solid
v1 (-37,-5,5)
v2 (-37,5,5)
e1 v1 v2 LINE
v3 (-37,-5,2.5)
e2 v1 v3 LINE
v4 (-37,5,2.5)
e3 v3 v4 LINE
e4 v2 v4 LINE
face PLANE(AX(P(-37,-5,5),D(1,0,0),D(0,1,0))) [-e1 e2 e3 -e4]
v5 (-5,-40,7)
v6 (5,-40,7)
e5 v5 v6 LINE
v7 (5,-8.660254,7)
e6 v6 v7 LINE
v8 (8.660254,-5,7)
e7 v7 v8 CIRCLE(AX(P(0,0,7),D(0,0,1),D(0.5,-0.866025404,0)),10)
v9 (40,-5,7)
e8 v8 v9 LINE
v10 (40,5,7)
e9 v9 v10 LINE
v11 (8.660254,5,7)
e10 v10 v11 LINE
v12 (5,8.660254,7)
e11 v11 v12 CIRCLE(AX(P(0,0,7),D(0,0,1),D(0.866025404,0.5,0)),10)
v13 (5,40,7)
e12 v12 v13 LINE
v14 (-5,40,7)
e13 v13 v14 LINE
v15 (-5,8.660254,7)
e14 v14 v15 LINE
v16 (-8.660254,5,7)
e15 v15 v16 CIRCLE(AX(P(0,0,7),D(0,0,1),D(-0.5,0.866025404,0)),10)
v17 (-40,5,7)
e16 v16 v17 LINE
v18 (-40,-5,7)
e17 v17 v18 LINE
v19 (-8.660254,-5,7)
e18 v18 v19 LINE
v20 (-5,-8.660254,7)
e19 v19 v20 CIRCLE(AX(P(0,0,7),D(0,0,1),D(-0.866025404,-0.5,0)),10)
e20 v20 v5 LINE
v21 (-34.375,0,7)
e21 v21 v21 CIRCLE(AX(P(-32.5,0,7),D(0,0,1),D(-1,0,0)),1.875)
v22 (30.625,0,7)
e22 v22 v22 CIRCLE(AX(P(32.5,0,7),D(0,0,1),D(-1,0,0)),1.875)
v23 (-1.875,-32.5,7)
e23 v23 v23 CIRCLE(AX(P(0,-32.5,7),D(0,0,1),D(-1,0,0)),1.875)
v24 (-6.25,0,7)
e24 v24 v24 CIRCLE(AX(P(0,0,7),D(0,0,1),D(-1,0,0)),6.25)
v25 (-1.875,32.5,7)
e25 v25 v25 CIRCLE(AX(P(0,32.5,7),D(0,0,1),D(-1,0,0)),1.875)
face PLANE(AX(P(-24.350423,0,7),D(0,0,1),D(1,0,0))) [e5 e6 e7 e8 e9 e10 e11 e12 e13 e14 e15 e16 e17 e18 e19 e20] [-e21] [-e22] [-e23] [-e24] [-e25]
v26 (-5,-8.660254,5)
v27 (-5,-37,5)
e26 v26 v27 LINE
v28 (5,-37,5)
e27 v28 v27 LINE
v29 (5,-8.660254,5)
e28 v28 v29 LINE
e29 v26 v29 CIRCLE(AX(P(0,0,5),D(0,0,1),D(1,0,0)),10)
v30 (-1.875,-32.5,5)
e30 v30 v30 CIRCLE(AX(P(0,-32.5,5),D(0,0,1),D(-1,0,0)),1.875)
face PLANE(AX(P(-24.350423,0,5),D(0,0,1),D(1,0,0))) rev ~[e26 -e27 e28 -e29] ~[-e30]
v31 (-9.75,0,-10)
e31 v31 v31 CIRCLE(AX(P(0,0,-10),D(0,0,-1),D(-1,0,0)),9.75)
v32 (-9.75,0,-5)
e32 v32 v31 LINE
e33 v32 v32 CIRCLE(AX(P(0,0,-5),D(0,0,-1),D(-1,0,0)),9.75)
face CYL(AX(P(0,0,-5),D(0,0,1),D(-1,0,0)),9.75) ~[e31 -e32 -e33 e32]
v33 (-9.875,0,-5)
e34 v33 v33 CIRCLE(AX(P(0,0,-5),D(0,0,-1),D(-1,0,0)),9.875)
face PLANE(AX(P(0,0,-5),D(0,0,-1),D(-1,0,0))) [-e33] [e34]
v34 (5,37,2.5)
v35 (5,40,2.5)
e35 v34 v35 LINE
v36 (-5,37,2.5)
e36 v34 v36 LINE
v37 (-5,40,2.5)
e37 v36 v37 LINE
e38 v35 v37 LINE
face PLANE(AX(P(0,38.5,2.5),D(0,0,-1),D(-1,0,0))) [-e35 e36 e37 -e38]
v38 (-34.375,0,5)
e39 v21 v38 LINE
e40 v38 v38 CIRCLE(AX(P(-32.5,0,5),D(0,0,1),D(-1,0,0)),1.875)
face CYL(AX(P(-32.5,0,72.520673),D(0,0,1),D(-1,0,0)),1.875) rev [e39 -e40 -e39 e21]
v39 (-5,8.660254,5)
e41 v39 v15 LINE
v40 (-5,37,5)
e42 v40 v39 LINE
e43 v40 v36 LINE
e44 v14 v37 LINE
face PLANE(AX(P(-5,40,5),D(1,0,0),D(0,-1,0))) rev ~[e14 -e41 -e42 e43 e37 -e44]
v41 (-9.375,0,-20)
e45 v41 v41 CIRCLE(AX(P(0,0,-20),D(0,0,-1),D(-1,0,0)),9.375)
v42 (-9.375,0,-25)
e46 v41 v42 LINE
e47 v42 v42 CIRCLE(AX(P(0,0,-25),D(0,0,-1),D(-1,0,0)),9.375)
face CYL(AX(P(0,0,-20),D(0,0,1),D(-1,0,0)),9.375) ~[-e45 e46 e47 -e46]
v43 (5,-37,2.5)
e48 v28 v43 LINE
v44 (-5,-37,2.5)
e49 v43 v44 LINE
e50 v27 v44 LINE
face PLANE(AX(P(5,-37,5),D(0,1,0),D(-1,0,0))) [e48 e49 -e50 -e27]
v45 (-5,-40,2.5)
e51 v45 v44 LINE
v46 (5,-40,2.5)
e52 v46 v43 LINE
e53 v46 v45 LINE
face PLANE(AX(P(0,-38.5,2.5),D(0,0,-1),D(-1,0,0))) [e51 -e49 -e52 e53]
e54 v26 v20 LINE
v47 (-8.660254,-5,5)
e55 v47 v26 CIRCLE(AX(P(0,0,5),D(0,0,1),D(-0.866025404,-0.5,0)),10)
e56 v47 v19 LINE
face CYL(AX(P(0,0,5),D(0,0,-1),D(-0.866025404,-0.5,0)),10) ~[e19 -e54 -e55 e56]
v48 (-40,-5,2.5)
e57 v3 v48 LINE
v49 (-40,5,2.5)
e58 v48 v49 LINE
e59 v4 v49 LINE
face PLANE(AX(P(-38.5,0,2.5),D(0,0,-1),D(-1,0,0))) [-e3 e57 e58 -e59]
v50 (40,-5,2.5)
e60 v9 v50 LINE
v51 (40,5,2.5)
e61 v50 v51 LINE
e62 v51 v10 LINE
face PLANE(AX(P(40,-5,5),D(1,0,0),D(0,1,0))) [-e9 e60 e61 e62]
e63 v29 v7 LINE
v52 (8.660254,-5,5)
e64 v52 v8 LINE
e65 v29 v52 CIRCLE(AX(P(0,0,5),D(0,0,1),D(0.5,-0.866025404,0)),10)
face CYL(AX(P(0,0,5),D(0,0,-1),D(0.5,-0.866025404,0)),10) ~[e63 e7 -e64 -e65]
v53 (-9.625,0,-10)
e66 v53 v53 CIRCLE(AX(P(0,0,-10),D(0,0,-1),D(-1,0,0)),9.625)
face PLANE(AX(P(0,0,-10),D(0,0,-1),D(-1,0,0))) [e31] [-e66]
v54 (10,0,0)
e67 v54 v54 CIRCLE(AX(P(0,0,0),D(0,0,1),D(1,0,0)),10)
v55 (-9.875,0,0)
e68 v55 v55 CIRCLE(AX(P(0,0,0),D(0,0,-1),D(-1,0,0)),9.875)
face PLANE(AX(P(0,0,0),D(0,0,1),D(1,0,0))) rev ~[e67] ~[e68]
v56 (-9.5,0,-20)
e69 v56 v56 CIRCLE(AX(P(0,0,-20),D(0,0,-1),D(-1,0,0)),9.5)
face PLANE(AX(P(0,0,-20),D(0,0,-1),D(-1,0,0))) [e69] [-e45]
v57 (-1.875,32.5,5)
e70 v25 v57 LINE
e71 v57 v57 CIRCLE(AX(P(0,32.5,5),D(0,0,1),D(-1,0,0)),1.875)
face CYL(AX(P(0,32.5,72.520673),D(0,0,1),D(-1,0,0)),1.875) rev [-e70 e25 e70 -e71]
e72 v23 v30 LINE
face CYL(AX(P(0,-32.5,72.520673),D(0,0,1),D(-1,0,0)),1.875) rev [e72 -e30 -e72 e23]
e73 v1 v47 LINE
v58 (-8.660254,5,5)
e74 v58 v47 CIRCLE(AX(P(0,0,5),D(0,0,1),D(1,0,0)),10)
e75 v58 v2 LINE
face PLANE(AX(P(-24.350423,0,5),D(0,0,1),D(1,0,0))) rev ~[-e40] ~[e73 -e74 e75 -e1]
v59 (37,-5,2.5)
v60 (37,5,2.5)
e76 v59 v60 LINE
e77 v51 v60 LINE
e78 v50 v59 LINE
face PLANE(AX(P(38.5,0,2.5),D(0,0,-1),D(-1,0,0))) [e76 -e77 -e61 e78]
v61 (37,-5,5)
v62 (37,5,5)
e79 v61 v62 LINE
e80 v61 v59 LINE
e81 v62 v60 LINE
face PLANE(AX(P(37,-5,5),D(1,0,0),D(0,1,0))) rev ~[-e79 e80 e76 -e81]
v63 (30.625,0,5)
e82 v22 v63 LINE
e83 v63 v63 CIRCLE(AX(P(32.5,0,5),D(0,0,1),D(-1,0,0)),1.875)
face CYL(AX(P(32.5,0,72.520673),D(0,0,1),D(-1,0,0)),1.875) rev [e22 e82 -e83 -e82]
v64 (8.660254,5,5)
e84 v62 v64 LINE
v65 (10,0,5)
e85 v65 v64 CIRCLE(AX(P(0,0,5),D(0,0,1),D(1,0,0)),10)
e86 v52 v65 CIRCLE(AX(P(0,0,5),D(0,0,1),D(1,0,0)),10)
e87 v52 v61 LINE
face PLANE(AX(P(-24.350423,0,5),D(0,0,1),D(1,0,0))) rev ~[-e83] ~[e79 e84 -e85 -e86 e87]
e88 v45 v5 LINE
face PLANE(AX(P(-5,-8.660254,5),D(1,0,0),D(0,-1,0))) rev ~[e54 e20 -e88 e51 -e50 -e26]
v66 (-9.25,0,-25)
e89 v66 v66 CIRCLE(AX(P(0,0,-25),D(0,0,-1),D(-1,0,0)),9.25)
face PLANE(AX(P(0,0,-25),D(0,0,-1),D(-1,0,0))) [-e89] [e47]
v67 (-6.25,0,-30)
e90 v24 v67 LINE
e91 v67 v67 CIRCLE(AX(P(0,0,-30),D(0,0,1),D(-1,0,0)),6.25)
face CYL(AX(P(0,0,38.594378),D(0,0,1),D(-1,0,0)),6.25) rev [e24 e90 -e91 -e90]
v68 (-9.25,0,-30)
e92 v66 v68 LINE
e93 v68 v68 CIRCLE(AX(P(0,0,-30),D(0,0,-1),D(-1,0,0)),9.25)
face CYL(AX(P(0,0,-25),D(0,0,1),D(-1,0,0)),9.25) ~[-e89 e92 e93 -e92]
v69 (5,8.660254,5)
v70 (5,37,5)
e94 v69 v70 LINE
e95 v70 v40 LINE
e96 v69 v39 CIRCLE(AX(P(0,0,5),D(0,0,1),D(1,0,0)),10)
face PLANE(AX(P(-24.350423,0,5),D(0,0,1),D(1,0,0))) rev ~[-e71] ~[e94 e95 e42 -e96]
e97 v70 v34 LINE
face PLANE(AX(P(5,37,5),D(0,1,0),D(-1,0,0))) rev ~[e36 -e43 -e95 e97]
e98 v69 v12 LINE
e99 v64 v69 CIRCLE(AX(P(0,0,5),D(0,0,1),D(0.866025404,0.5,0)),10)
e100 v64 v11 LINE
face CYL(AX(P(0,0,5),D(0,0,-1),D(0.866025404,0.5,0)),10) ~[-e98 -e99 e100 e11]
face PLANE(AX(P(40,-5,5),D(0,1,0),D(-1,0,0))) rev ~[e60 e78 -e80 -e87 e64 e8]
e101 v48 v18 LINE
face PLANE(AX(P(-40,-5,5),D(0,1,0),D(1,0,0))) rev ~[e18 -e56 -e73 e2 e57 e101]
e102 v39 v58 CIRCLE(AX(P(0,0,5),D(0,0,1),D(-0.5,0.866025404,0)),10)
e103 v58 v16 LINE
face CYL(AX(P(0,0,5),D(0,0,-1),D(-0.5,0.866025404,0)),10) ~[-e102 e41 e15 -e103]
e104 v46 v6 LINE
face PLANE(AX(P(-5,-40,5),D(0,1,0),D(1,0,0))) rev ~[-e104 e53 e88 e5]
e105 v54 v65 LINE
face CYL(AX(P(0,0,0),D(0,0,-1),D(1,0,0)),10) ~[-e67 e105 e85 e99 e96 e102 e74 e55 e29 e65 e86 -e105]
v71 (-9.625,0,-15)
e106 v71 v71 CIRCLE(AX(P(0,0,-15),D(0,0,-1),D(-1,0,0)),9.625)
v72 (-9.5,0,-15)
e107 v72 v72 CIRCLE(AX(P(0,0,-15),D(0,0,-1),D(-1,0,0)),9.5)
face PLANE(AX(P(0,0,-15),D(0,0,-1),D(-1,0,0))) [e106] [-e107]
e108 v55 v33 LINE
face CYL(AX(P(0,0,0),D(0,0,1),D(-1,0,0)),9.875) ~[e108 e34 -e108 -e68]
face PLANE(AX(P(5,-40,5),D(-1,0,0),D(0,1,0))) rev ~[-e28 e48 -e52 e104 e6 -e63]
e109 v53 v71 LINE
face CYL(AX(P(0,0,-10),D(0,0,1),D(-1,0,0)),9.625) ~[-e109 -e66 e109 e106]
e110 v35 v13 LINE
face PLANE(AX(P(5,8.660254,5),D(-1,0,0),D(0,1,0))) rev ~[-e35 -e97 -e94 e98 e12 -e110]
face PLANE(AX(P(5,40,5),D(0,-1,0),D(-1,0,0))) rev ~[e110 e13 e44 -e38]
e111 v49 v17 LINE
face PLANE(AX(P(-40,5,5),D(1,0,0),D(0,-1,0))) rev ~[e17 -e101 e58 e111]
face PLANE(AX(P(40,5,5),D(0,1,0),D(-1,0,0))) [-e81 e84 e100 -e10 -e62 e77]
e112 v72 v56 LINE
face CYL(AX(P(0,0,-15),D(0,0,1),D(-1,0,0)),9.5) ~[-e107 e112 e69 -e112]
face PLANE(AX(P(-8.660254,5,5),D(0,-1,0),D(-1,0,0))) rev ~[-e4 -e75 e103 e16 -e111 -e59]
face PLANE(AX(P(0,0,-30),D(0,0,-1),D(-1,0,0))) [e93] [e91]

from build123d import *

# Parameters (mm, degrees)
SKETCH1_R               = 10
BOSS_EXTRUDE1_DEPTH     = 5
SKETCH2_W               = 5
SKETCH2_H               = 5
BOSS_EXTRUDE2_DEPTH     = 2
SKETCH3_R               = 9.875
BOSS_EXTRUDE3_DEPTH     = 5
SKETCH4_R               = 9.75
BOSS_EXTRUDE4_DEPTH     = 5
SKETCH5_R               = 9.625
BOSS_EXTRUDE5_DEPTH     = 5
SKETCH6_R               = 9.5
BOSS_EXTRUDE6_DEPTH     = 5
SKETCH7_R               = 9.375
BOSS_EXTRUDE7_DEPTH     = 5
SKETCH8_R               = 9.25
BOSS_EXTRUDE8_DEPTH     = 5
SKETCH9_W               = 3
SKETCH9_H               = 10
SKETCH9_W_2             = 10
SKETCH9_H_2             = 3
BOSS_EXTRUDE9_DEPTH     = 2.5
CUT_EXTRUDE1_DEPTH      = 67.520673478
CUT_EXTRUDE1_DEPTH_BACK = 67.520673478
SKETCH10_R              = 1.875
CUT_EXTRUDE2_DEPTH      = 68.594378464
CUT_EXTRUDE2_DEPTH_BACK = 68.594378464
SKETCH11_R              = 6.25


with BuildPart() as part:
    # Sketch1 → Boss-Extrude1 (new body)
    with BuildSketch(Plane.XY):
        Circle(SKETCH1_R)
    extrude(amount=BOSS_EXTRUDE1_DEPTH)

    # Sketch2 → Boss-Extrude2 (add)
    with BuildSketch(Plane.XY.offset(5)):
        with BuildLine():
            ThreePointArc((-8.660254038, -5), (-10, 0), (-8.660254038, 5))
            Line((-8.660254038, 5), (-40, 5))
            Line((-40, 5), (-40, -5))
            Line((-40, -5), (-8.660254038, -5))
        make_face()
        with BuildLine():
            Line((-5, 0), (-5, 5))
            Line((-5, 5), (-8.660254038, 5))
            ThreePointArc((-8.660254038, 5), (-10, 0), (-8.660254038, -5))
            Line((-8.660254038, -5), (-5, -5))
            Line((-5, -5), (-5, 0))
        make_face()
        with BuildLine():
            Line((-5, 40), (-5, 8.660254038))
            ThreePointArc((-5, 8.660254038), (0, 10), (5, 8.660254038))
            Line((5, 8.660254038), (5, 40))
            Line((5, 40), (-5, 40))
        make_face()
        with BuildLine():
            Line((-5, 5), (0, 5))
            Line((0, 5), (5, 5))
            Line((5, 5), (5, 8.660254038))
            ThreePointArc((5, 8.660254038), (0, 10), (-5, 8.660254038))
            Line((-5, 8.660254038), (-5, 5))
        make_face()
        with BuildLine():
            Line((40, 5), (8.660254038, 5))
            ThreePointArc((8.660254038, 5), (9.659258263, 2.588190451), (10, 0))
            ThreePointArc((10, 0), (9.659258263, -2.588190451), (8.660254038, -5))
            Line((8.660254038, -5), (40, -5))
            Line((40, -5), (40, 5))
        make_face()
        with BuildLine():
            Line((8.660254038, 5), (5, 5))
            Line((5, 5), (5, 0))
            Line((5, 0), (5, -5))
            Line((5, -5), (8.660254038, -5))
            ThreePointArc((8.660254038, -5), (9.659258263, -2.588190451), (10, 0))
            ThreePointArc((10, 0), (9.659258263, 2.588190451), (8.660254038, 5))
        make_face()
        with BuildLine():
            ThreePointArc((5, -8.660254038), (0, -10), (-5, -8.660254038))
            Line((-5, -8.660254038), (-5, -40))
            Line((-5, -40), (5, -40))
            Line((5, -40), (5, -8.660254038))
        make_face()
        with BuildLine():
            Line((5, -5), (0, -5))
            Line((0, -5), (-5, -5))
            Line((-5, -5), (-5, -8.660254038))
            ThreePointArc((-5, -8.660254038), (0, -10), (5, -8.660254038))
            Line((5, -8.660254038), (5, -5))
        make_face()
        with Locations((2.5, -2.5)):
            Rectangle(SKETCH2_W, SKETCH2_H)
        with Locations((-2.5, -2.5)):
            Rectangle(SKETCH2_W, SKETCH2_H)
        with Locations((2.5, 2.5)):
            Rectangle(SKETCH2_W, SKETCH2_H)
        with Locations((-2.5, 2.5)):
            Rectangle(SKETCH2_W, SKETCH2_H)
        with BuildLine():
            Line((-8.660254038, 5), (-5, 5))
            Line((-5, 5), (-5, 8.660254038))
            ThreePointArc((-5, 8.660254038), (-7.071067812, 7.071067812), (-8.660254038, 5))
        make_face()
        with BuildLine():
            Line((5, 8.660254038), (5, 5))
            Line((5, 5), (8.660254038, 5))
            ThreePointArc((8.660254038, 5), (7.071067812, 7.071067812), (5, 8.660254038))
        make_face()
        with BuildLine():
            Line((8.660254038, -5), (5, -5))
            Line((5, -5), (5, -8.660254038))
            ThreePointArc((5, -8.660254038), (7.071067812, -7.071067812), (8.660254038, -5))
        make_face()
        with BuildLine():
            Line((-5, -5), (-8.660254038, -5))
            ThreePointArc((-8.660254038, -5), (-7.071067812, -7.071067812), (-5, -8.660254038))
            Line((-5, -8.660254038), (-5, -5))
        make_face()
    extrude(amount=BOSS_EXTRUDE2_DEPTH)

    # Sketch3 → Boss-Extrude3 (add)
    with BuildSketch(Plane(origin=(0, 0, 0), x_dir=(-1, 0, 0), z_dir=(0, 0, -1))):
        Circle(SKETCH3_R)
    extrude(amount=BOSS_EXTRUDE3_DEPTH)

    # Sketch4 → Boss-Extrude4 (add)
    with BuildSketch(Plane(origin=(0, 0, -5), x_dir=(-1, 0, 0), z_dir=(0, 0, -1))):
        Circle(SKETCH4_R)
    extrude(amount=BOSS_EXTRUDE4_DEPTH)

    # Sketch5 → Boss-Extrude5 (add)
    with BuildSketch(Plane(origin=(0, 0, -10), x_dir=(-1, 0, 0), z_dir=(0, 0, -1))):
        Circle(SKETCH5_R)
    extrude(amount=BOSS_EXTRUDE5_DEPTH)

    # Sketch6 → Boss-Extrude6 (add)
    with BuildSketch(Plane(origin=(0, 0, -15), x_dir=(-1, 0, 0), z_dir=(0, 0, -1))):
        Circle(SKETCH6_R)
    extrude(amount=BOSS_EXTRUDE6_DEPTH)

    # Sketch7 → Boss-Extrude7 (add)
    with BuildSketch(Plane(origin=(0, 0, -20), x_dir=(-1, 0, 0), z_dir=(0, 0, -1))):
        Circle(SKETCH7_R)
    extrude(amount=BOSS_EXTRUDE7_DEPTH)

    # Sketch8 → Boss-Extrude8 (add)
    with BuildSketch(Plane(origin=(0, 0, -25), x_dir=(-1, 0, 0), z_dir=(0, 0, -1))):
        Circle(SKETCH8_R)
    extrude(amount=BOSS_EXTRUDE8_DEPTH)

    # Sketch9 → Boss-Extrude9 (add)
    with BuildSketch(Plane(origin=(0, 0, 5), x_dir=(-1, 0, 0), z_dir=(0, 0, -1))):
        with Locations((-38.5, 0)):
            Rectangle(SKETCH9_W, SKETCH9_H)
        with Locations((0, 38.5)):
            Rectangle(SKETCH9_W_2, SKETCH9_H_2)
        with Locations((38.5, 0)):
            Rectangle(SKETCH9_W, SKETCH9_H)
        with Locations((0, -38.5)):
            Rectangle(SKETCH9_W_2, SKETCH9_H_2)
    extrude(amount=BOSS_EXTRUDE9_DEPTH)

    # Sketch10 → Cut-Extrude1 (cut, two sides: drawn at the far end of the back side and taken through both)
    with BuildSketch(Plane(origin=(0, 0, 5), x_dir=(-1, 0, 0), z_dir=(0, 0, -1)).offset(-CUT_EXTRUDE1_DEPTH_BACK)):
        with Locations((-32.5, 0)):
            Circle(SKETCH10_R)
        with Locations((0, 32.5)):
            Circle(SKETCH10_R)
        with Locations((32.5, 0)):
            Circle(SKETCH10_R)
        with Locations((0, -32.5)):
            Circle(SKETCH10_R)
    extrude(amount=CUT_EXTRUDE1_DEPTH + CUT_EXTRUDE1_DEPTH_BACK, mode=Mode.SUBTRACT)

    # Sketch11 → Cut-Extrude2 (cut, two sides: drawn at the far end of the back side and taken through both)
    with BuildSketch(Plane(origin=(0, 0, -30), x_dir=(-1, 0, 0), z_dir=(0, 0, -1)).offset(-CUT_EXTRUDE2_DEPTH_BACK)):
        Circle(SKETCH11_R)
    extrude(amount=CUT_EXTRUDE2_DEPTH + CUT_EXTRUDE2_DEPTH_BACK, mode=Mode.SUBTRACT)


solid = part.part
